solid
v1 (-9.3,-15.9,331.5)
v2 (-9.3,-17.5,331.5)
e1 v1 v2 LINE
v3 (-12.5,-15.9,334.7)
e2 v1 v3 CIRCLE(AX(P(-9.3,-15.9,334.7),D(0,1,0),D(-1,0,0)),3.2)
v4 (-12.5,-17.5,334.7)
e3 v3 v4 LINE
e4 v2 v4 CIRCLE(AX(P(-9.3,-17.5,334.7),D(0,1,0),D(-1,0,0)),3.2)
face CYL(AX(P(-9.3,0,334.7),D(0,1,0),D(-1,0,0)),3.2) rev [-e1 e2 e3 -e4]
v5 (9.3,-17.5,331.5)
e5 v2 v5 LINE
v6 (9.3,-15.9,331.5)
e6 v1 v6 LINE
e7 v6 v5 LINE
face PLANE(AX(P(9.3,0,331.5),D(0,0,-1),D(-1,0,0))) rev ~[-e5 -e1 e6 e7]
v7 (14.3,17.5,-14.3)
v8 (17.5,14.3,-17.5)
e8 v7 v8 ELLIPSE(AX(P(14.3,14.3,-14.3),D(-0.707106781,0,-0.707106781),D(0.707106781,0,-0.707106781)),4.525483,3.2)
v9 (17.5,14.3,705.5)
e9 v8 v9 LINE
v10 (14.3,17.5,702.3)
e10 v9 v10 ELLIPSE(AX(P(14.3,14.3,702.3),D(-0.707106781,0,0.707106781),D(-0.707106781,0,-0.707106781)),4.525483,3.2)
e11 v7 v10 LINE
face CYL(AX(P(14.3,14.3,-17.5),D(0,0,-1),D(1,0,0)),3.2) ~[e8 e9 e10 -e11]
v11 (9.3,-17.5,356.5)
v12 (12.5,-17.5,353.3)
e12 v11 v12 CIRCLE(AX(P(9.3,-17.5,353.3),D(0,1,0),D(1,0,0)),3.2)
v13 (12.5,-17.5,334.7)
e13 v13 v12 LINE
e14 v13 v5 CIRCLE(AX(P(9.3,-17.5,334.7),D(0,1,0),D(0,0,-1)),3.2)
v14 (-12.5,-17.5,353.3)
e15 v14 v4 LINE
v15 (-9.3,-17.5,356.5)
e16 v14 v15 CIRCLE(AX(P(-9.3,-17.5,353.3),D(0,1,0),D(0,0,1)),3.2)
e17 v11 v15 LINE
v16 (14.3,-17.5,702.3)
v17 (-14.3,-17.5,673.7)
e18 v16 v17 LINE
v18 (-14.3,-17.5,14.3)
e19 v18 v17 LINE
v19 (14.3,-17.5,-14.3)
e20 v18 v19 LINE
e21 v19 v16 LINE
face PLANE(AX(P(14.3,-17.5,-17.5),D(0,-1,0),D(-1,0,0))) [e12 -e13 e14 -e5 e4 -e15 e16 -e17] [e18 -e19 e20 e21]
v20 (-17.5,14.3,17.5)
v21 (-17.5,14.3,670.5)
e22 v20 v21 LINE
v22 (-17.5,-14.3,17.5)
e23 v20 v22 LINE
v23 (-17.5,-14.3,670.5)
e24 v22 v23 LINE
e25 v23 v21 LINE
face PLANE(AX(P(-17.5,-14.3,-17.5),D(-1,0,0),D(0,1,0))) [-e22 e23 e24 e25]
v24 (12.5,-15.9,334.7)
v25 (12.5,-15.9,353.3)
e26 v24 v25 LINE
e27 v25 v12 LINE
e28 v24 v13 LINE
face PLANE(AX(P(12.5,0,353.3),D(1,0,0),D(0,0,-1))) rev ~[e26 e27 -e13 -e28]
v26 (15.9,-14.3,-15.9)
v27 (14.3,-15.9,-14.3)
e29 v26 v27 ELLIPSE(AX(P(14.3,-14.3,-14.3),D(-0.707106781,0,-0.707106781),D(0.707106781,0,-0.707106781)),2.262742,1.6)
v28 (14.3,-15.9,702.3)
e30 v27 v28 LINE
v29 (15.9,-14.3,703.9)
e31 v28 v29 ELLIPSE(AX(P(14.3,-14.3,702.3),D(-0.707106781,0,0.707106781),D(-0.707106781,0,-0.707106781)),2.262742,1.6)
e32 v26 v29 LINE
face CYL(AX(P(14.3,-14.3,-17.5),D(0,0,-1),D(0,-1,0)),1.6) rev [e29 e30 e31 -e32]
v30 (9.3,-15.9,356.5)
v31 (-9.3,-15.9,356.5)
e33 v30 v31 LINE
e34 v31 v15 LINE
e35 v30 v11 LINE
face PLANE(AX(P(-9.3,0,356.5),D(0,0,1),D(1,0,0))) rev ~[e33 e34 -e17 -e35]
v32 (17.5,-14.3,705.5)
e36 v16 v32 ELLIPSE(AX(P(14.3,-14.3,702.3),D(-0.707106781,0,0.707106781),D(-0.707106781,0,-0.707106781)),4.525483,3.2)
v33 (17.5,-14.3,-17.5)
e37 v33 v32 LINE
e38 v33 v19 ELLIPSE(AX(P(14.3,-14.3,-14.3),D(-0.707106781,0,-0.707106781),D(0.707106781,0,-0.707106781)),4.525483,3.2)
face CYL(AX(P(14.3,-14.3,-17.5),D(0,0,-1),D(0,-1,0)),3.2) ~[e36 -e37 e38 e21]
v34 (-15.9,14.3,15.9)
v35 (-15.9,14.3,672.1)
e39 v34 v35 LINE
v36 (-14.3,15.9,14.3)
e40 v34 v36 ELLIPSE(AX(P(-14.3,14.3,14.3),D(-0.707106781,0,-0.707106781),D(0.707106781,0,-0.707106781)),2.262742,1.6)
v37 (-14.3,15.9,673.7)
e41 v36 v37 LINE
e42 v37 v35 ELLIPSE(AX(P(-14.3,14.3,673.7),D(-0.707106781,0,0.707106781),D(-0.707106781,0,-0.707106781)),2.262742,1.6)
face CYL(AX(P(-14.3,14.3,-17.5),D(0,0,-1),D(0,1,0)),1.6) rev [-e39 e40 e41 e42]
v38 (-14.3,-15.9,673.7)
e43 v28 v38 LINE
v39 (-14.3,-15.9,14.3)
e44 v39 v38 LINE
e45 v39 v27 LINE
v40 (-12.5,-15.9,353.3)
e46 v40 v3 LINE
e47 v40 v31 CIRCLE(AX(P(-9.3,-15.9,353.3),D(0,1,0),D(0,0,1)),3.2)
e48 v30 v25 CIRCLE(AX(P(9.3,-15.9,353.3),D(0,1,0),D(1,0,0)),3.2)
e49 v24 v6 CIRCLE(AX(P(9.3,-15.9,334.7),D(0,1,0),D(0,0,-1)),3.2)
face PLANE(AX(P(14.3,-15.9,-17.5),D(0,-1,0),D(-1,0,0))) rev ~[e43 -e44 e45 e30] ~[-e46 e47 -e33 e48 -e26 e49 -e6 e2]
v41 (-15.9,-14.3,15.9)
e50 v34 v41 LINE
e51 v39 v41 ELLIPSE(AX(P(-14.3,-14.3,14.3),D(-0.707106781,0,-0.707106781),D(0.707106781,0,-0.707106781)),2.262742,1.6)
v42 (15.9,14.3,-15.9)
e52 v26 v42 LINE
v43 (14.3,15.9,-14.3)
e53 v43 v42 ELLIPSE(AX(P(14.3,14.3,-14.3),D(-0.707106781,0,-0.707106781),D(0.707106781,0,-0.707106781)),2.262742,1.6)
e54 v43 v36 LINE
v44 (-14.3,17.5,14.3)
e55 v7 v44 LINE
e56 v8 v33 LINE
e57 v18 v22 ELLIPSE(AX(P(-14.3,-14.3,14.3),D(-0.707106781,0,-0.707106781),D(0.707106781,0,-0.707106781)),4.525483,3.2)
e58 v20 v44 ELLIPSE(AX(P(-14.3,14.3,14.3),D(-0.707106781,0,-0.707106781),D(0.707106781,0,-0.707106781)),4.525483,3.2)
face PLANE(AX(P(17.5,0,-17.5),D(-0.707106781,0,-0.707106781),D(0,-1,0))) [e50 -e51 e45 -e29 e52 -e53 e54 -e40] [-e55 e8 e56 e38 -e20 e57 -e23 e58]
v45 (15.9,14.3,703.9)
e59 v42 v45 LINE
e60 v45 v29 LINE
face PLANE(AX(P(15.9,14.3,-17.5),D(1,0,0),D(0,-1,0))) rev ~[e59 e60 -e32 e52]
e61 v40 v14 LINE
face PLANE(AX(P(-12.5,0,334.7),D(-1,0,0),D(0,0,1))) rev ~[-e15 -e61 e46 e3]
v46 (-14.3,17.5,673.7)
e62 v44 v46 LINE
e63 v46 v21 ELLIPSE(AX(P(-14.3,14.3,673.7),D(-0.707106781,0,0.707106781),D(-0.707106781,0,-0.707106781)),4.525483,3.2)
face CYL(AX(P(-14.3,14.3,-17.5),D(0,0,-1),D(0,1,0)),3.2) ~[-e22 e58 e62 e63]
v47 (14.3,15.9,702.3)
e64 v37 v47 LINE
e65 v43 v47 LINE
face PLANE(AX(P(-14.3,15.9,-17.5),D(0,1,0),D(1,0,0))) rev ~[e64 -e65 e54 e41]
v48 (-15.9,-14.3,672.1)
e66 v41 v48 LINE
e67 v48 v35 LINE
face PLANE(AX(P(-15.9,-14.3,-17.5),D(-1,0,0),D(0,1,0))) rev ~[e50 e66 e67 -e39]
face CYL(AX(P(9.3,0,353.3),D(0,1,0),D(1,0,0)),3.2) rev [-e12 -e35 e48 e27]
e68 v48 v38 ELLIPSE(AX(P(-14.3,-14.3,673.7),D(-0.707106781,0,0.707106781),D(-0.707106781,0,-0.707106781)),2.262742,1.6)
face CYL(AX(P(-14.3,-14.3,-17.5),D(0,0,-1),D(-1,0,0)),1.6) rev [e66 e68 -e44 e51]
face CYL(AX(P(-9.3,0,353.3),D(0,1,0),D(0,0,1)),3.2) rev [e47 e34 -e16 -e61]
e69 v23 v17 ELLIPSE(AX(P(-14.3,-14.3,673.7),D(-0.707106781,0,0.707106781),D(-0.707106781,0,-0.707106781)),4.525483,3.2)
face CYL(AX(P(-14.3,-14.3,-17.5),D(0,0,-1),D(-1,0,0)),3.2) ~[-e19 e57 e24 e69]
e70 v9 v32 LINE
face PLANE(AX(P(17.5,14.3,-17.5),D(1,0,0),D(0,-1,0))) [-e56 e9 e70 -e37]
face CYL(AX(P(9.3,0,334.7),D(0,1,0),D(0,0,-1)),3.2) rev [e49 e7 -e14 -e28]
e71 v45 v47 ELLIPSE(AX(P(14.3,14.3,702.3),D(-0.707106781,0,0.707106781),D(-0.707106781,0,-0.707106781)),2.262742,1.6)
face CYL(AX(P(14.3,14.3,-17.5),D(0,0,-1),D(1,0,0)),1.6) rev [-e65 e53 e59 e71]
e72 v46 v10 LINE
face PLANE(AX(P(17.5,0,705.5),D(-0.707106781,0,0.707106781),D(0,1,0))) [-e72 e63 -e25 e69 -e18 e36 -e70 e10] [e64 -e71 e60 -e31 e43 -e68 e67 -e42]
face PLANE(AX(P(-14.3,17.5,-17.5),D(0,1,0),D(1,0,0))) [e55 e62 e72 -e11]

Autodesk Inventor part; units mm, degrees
ref_plane "Start plane" through (0, 0, -17.5) normal (0, 0, 1) x (1, 0, 0)
ref_plane "End plane" through (0, 0, 705.5) normal (0, 0, 1) x (1, 0, 0)
sketch "Sketch" plane through (0, 0, 0) normal (0, 0, 1) x (1, 0, 0)
  line L0 (-17.5, -14.3) -> (-17.5, 14.3)
  line L1 (-14.3, 17.5) -> (14.3, 17.5)
  line L2 (17.5, 14.3) -> (17.5, -14.3)
  line L3 (14.3, -17.5) -> (-14.3, -17.5)
  arc A0 (-17.5, -14.3) -> (-14.3, -17.5) centre (-14.3, -14.3) ccw
  arc A1 (-14.3, 17.5) -> (-17.5, 14.3) centre (-14.3, 14.3) ccw
  arc A2 (17.5, 14.3) -> (14.3, 17.5) centre (14.3, 14.3) ccw
  arc A3 (14.3, -17.5) -> (17.5, -14.3) centre (14.3, -14.3) ccw
  arc A4 (-14.3, 15.9) -> (-15.9, 14.3) centre (-14.3, 14.3) ccw
  line L4 (-14.3, 15.9) -> (14.3, 15.9)
  arc A5 (15.9, 14.3) -> (14.3, 15.9) centre (14.3, 14.3) ccw
  line L5 (15.9, 14.3) -> (15.9, -14.3)
  arc A6 (14.3, -15.9) -> (15.9, -14.3) centre (14.3, -14.3) ccw
  line L6 (14.3, -15.9) -> (-14.3, -15.9)
  arc A7 (-15.9, -14.3) -> (-14.3, -15.9) centre (-14.3, -14.3) ccw
  line L7 (-15.9, -14.3) -> (-15.9, 14.3)
  line L8 (0, 25.4278) -> (0, -25.4278) construction
  line L9 (-25.4278, 0) -> (25.4278, 0) construction
  dimension "d7" = 3.2
  dimension "d10" = 35
  dimension "d11" = 35
  dimension "d12" = 1.6
  dimension "d15" = 17.5
  dimension "d16" = 17.5
extrude "Body" add sketch "Sketch" along normal up to surface (723 mm away) from surface at -17.5
sketch "Sketch3" plane through (0, 0, 0) normal (0, 0, 1) x (1, 0, 0)
  line L0 (0, 0) -> (10, 0)
ref_plane "Work Plane3" through (0, 0, 0) normal (0, -1, 0) x (1, 0, 0)
sketch "Sketch4" plane through (0, 0, 0) normal (0, -1, 0) x (1, 0, 0)
  line L0 (-2, -17.5) -> (12, -17.5)
  line L1 (-2, 705.5) -> (12, 705.5)
  dimension "d18" = 723
ref_plane "Work Plane4" through (0, 0, 344) normal (0, -1, 0) x (1, 0, 0)
ref_plane "Work Plane5" through (0, -150, 344) normal (0, -1, 0) x (1, 0, 0)
ref_plane "Work Plane6" through (0, -75, 344) normal (0, -1, 0) x (1, 0, 0)
sketch "Sketch5" plane through (0, -75, 344) normal (0, -1, 0) x (1, 0, 0)
  arc A0 (-12.5, -9.3) -> (-9.3, -12.5) centre (-9.3, -9.3) ccw
  line L0 (-12.5, -9.3) -> (-12.5, 9.3)
  arc A1 (-9.3, 12.5) -> (-12.5, 9.3) centre (-9.3, 9.3) ccw
  line L1 (-9.3, 12.5) -> (9.3, 12.5)
  arc A2 (12.5, 9.3) -> (9.3, 12.5) centre (9.3, 9.3) ccw
  line L2 (12.5, 9.3) -> (12.5, -9.3)
  arc A3 (9.3, -12.5) -> (12.5, -9.3) centre (9.3, -9.3) ccw
  line L3 (9.3, -12.5) -> (-9.3, -12.5)
  arc A4 (-9.3, 10.9) -> (-10.9, 9.3) centre (-9.3, 9.3) ccw
  line L4 (-9.3, 10.9) -> (9.3, 10.9)
  arc A5 (10.9, 9.3) -> (9.3, 10.9) centre (9.3, 9.3) ccw
  line L5 (10.9, 9.3) -> (10.9, -9.3)
  arc A6 (9.3, -10.9) -> (10.9, -9.3) centre (9.3, -9.3) ccw
  line L6 (9.3, -10.9) -> (-9.3, -10.9)
  arc A7 (-10.9, -9.3) -> (-9.3, -10.9) centre (-9.3, -9.3) ccw
  line L7 (-10.9, -9.3) -> (-10.9, 9.3)
extrude "Extrusion2" cut sketch "Sketch5" along normal up to surface (150 mm away) from surface at -75 contours L0 A1 L1 A2 L2 A3 L3 A0 | L4 A5 L5 A6 L6 A7 L7 A4
ref_plane "Work Plane7" through (-17.5202, 0, 692.5586) normal (-0.871, 0, 0.4912) x (0.4912, 0, 0.871)
split "Split1" plane through (-17.5202, 0, 692.5586) removes the side toward (-0.871, 0, 0.4912)
ref_plane "Work Plane8" through (-17.5202, 0, -4.5586) normal (-0.871, 0, -0.4912) x (-0.4912, 0, 0.871)
split "Split2" plane through (-17.5202, 0, -4.5586) removes the side toward (-0.871, 0, -0.4912)
ref_plane "Work Plane9" through (17.5, 0, -17.5) normal (-0.7071, 0, -0.7071) x (-0.7071, 0, 0.7071)
split "Split3" plane through (17.5, 0, -17.5) removes the side toward (-0.7071, 0, -0.7071)
ref_plane "Work Plane10" through (17.5, 0, 705.5) normal (-0.7071, 0, 0.7071) x (0.7071, 0, 0.7071)
split "Split4" plane through (17.5, 0, 705.5) removes the side toward (-0.7071, 0, 0.7071)
equation "\"d7\" = G_IR"
equation "\"d10\" = G_H"
equation "\"d11\" = G_W"
equation "\"d12\" = G_T"
equation "\"d15\" = 0.5 * d10"
equation "\"d16\" = 0.5 * d11"
equation "\"d3\" = G_L"
equation "\"G_W\" = 35"
equation "\"G_H\" = 35"
equation "\"G_T\" = 1.6"
equation "\"G_IR\" = 3.2"
equation "\"G_L\" = d18"
equation "\"G_OFFSET_START\" = 17.5"
equation "\"G_OFFSET_END\" = 17.5"
equation "\"d13\" = -G_OFFSET_START"
equation "\"d14\" = G_OFFSET_END + B_L"
equation "\"B_L\" = 688"
properties part number "AS 1163 - C350L0 35x35x1.6 SHS - 723" material "Steel, Mild"
